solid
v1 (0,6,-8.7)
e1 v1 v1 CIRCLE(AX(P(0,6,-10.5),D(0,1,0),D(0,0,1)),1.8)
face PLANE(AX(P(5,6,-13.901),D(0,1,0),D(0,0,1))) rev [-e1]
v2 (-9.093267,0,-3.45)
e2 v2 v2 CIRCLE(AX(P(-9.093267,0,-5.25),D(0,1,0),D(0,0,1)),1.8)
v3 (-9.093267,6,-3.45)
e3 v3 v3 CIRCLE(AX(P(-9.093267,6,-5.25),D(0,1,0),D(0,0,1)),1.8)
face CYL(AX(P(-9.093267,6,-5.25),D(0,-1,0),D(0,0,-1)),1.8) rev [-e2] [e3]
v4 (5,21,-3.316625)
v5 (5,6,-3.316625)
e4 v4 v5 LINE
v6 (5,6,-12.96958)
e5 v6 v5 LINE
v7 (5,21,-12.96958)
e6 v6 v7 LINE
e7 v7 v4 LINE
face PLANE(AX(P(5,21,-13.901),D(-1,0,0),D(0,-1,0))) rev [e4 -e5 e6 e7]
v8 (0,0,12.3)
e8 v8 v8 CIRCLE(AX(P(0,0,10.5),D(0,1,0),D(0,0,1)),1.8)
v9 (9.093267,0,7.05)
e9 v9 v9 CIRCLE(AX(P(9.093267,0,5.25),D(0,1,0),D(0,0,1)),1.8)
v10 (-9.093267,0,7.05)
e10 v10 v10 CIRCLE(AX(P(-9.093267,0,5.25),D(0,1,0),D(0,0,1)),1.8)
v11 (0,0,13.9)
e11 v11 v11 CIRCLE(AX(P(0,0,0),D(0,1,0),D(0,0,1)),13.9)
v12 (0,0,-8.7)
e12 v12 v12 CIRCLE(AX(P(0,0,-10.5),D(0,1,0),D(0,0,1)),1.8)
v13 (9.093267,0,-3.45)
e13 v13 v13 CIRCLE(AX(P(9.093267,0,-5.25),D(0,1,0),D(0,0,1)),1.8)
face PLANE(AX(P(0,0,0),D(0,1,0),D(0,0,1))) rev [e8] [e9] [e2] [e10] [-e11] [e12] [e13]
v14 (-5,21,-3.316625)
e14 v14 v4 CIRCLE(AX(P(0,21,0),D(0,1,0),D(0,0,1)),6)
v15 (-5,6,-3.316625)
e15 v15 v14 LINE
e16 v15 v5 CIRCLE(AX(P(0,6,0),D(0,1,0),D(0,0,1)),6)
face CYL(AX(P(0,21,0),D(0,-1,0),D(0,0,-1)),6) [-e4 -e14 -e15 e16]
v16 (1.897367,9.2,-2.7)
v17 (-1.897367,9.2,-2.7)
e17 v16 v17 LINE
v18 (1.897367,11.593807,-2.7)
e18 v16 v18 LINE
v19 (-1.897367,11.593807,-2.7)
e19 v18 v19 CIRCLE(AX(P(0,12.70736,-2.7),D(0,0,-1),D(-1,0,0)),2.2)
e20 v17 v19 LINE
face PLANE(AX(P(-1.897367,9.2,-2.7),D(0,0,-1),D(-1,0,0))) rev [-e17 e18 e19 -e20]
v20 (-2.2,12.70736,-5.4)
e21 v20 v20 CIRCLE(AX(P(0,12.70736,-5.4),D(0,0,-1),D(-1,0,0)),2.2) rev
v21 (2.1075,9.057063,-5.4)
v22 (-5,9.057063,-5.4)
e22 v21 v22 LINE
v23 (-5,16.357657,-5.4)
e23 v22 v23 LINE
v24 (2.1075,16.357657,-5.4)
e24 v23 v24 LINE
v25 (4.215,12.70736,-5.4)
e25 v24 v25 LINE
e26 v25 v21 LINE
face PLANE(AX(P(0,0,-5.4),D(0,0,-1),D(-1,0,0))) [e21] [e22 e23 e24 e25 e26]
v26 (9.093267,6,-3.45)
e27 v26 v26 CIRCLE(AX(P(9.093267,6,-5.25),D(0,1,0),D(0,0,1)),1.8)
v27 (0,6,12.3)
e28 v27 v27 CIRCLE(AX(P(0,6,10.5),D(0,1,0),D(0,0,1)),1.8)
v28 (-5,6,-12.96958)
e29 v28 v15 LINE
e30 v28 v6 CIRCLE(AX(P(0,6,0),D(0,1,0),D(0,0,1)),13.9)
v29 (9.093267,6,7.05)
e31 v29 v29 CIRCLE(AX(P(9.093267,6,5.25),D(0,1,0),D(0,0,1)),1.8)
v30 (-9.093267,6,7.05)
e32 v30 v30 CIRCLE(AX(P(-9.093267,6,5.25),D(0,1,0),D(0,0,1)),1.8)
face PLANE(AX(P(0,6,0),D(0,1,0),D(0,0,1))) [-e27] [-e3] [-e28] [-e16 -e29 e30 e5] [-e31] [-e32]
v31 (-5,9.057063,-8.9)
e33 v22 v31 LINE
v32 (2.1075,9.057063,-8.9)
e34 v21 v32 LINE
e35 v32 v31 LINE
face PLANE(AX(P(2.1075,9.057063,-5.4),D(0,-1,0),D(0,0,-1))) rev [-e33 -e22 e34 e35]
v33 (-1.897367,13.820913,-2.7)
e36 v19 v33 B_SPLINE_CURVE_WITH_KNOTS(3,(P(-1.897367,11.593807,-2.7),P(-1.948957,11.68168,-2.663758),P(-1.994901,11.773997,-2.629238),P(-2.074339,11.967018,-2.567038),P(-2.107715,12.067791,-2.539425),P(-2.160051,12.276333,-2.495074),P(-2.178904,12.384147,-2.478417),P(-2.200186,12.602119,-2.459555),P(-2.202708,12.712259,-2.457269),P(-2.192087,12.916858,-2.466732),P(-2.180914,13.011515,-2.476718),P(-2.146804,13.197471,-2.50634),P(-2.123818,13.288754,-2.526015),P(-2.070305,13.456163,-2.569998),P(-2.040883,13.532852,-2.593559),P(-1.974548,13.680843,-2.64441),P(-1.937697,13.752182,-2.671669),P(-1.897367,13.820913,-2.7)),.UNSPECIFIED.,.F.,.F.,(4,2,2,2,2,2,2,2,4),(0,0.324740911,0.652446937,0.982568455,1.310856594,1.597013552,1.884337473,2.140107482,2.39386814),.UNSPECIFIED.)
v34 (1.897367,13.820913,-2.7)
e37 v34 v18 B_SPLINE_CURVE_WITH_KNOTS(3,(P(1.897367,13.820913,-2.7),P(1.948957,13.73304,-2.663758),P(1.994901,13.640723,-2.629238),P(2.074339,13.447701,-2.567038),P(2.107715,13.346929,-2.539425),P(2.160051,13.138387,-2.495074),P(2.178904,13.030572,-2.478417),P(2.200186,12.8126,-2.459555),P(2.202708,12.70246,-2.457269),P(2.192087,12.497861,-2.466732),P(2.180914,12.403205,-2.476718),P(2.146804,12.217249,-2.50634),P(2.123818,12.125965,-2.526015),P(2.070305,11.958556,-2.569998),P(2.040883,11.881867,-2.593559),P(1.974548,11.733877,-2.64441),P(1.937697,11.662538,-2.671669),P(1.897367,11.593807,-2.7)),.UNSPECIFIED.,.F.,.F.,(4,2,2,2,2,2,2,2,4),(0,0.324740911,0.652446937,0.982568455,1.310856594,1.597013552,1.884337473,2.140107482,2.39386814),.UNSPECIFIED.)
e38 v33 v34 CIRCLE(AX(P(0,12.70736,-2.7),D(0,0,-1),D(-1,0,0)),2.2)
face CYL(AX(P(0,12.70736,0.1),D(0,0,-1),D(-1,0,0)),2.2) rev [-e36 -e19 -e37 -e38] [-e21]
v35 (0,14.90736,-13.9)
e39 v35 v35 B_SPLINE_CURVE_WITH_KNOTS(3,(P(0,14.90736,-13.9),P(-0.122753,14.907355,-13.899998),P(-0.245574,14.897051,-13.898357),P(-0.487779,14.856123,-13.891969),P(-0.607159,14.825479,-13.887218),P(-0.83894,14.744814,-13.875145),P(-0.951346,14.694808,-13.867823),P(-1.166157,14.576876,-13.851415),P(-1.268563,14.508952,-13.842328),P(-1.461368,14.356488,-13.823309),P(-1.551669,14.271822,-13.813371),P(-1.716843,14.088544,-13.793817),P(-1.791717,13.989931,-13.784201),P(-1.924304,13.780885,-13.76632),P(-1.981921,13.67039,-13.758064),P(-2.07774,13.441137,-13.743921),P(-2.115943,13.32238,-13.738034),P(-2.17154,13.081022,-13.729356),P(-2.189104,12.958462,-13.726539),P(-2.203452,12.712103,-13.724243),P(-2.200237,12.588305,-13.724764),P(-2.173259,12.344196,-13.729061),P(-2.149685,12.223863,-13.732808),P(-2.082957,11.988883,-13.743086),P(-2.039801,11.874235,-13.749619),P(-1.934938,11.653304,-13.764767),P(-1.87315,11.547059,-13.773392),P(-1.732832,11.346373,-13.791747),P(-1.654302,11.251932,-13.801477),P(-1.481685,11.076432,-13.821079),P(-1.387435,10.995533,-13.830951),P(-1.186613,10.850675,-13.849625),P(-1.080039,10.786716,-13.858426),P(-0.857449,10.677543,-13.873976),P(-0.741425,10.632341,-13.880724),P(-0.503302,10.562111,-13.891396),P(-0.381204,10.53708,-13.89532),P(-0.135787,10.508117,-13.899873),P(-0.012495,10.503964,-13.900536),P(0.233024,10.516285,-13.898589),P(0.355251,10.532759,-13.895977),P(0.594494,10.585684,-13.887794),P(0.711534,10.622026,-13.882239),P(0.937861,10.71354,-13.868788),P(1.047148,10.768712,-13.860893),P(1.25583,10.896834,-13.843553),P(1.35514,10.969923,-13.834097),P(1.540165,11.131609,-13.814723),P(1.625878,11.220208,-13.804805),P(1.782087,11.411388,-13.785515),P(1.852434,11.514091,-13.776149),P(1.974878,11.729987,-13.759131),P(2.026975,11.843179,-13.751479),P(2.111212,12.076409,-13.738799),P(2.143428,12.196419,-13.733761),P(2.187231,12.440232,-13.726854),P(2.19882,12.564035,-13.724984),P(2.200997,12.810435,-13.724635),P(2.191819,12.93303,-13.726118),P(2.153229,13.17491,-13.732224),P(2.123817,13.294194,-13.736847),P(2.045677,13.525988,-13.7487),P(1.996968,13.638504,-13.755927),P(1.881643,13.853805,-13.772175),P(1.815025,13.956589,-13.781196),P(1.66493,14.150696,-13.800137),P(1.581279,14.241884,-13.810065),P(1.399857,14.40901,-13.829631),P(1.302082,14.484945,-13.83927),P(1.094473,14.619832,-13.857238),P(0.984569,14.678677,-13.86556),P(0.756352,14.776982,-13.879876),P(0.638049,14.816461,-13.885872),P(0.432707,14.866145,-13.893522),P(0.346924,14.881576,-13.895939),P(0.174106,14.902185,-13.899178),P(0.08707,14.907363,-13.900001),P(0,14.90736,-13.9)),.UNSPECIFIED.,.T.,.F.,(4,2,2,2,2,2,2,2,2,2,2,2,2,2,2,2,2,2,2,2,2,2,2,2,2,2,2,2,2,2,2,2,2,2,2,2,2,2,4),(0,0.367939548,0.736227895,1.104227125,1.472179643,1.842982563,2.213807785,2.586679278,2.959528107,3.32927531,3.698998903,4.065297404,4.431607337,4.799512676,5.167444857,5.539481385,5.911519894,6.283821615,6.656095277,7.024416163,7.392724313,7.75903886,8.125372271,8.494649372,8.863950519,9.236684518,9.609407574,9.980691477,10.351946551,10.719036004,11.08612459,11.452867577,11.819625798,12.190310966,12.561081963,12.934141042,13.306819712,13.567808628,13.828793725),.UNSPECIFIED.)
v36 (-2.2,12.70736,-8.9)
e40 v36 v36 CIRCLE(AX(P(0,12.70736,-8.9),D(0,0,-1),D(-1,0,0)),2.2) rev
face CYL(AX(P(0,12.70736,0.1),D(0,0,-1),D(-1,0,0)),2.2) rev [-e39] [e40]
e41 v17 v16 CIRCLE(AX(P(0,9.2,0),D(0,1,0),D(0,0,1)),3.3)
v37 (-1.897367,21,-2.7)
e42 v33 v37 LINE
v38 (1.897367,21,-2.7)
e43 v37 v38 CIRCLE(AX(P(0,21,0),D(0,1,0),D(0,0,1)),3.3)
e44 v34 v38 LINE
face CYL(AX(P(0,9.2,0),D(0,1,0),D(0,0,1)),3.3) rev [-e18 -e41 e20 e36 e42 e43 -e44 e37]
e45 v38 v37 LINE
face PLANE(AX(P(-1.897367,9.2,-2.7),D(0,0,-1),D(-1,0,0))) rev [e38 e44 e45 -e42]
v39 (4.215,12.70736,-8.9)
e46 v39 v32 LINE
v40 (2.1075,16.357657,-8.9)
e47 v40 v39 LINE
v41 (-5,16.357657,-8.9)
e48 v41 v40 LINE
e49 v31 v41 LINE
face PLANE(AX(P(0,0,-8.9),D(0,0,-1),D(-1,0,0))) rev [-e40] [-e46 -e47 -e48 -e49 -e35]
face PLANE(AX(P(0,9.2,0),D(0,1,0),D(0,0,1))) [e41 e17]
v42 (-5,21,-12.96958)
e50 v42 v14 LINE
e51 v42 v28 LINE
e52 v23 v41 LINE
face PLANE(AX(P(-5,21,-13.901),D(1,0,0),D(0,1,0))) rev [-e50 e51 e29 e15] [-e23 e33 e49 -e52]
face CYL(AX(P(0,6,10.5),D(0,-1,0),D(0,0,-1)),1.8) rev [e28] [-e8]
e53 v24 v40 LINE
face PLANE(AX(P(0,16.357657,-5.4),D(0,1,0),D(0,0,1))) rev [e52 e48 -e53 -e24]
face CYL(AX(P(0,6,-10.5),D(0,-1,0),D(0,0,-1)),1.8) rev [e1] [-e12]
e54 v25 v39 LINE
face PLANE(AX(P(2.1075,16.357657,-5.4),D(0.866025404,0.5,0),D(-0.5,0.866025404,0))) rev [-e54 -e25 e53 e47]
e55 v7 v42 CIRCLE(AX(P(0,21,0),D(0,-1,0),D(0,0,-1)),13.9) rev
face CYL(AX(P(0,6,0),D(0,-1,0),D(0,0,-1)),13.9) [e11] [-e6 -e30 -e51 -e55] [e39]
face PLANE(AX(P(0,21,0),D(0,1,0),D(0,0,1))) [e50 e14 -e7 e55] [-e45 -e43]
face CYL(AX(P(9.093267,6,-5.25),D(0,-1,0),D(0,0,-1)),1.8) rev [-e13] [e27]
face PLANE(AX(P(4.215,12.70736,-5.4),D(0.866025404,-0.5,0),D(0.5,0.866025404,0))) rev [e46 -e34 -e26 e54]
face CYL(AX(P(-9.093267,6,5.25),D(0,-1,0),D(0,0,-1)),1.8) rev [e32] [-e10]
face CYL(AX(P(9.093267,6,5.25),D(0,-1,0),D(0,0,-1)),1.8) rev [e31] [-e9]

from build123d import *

# Parameters (mm, degrees)
ESQUISSE3_R             = 13.9
ESQUISSE3_R_2           = 1.8
BOSS_EXTRU_1_DEPTH      = 6
ESQUISSE5_R             = 6
BOSS_EXTRU_2_DEPTH      = 15
ENL_V_MAT_EXTRU_2_DEPTH = 11.8
BOSS_EXTRU_3_REACH      = 37.097
BOSS_EXTRU_3_END_RADIUS = 13.9
BOSS_EXTRU_3_START      = -3
ESQUISSE7_W             = 10
ESQUISSE7_H             = 15
ESQUISSE11_R            = 2.2
ENL_V_MAT_EXTRU_3_DEPTH = 14
ENL_V_START             = -5
ENL_V_MAT_EXTRU_4_DEPTH = 3.5


with BuildPart() as part:
    # Esquisse3 → Boss.-Extru.1 (new body)
    with BuildSketch(Plane(origin=(0, 0, 0), x_dir=(1, 0, 0), z_dir=(0, 1, 0))):
        with Locations(Location((0, 0, 0), (0, 0, 270))):
            Circle(ESQUISSE3_R)
        with Locations(Location((0, 10.5, 0), (0, 0, 270))):
            Circle(ESQUISSE3_R_2, mode=Mode.SUBTRACT)
        with Locations(Location((9.09326674, 5.25, 0), (0, 0, 270))):
            Circle(ESQUISSE3_R_2, mode=Mode.SUBTRACT)
        with Locations(Location((9.09326674, -5.25, 0), (0, 0, 270))):
            Circle(ESQUISSE3_R_2, mode=Mode.SUBTRACT)
        with Locations(Location((0, -10.5, 0), (0, 0, 270))):
            Circle(ESQUISSE3_R_2, mode=Mode.SUBTRACT)
        with Locations(Location((-9.09326674, -5.25, 0), (0, 0, 270))):
            Circle(ESQUISSE3_R_2, mode=Mode.SUBTRACT)
        with Locations(Location((-9.09326674, 5.25, 0), (0, 0, 270))):
            Circle(ESQUISSE3_R_2, mode=Mode.SUBTRACT)
    extrude(amount=BOSS_EXTRU_1_DEPTH)

    # Esquisse5 → Boss.-Extru.2 (add)
    with BuildSketch(Plane(origin=(0, 6, 0), x_dir=(1, 0, 0), z_dir=(0, 1, 0))):
        with Locations(Location((0, 0, 0), (0, 0, 270))):
            Circle(ESQUISSE5_R)
    extrude(amount=BOSS_EXTRU_2_DEPTH)

    # Esquisse6 → Enlèv. mat.-Extru.2 (cut)
    with BuildSketch(Plane(origin=(0, 21, 0), x_dir=(1, 0, 0), z_dir=(0, 1, 0))):
        with BuildLine():
            Line((-1.897366596, 2.7), (1.897366596, 2.7))
            ThreePointArc((1.897366596, 2.7), (0, -3.3), (-1.897366596, 2.7))
        make_face()
    extrude(amount=-ENL_V_MAT_EXTRU_2_DEPTH, mode=Mode.SUBTRACT)

    # Boss.-Extru.3: up to this cylinder (the profile starts inside it)
    boss_extru_3_end = Plane(origin=(0, 13.5, 0), z_dir=(0, -1, 0)) * Cylinder(BOSS_EXTRU_3_END_RADIUS, 102.994, mode=Mode.PRIVATE)
    # Esquisse7 → Boss.-Extru.3 (add, up to the surface)
    with BuildSketch(Plane(origin=(0, 0, -6), x_dir=(-1, 0, 0), z_dir=(0, 0, -1)).offset(BOSS_EXTRU_3_START), mode=Mode.PRIVATE) as boss_extru_3_sk1:
        with Locations((0, 13.5)):
            Rectangle(ESQUISSE7_W, ESQUISSE7_H)
    boss_extru_3_tool1 = extrude(boss_extru_3_sk1.sketch, amount=BOSS_EXTRU_3_REACH, mode=Mode.PRIVATE) & boss_extru_3_end
    add(boss_extru_3_tool1.solids().sort_by_distance((0, 13.5, -3))[0])

    # Esquisse11 → Enlèv. mat.-Extru.3 (cut)
    with BuildSketch(Plane(origin=(0, 0, -13.9), x_dir=(-1, 0, 0), z_dir=(0, 0, -1))):
        with Locations(Location((0, 12.707359669, 0), (0, 0, 329.591587588))):
            Circle(ESQUISSE11_R)
    extrude(amount=-ENL_V_MAT_EXTRU_3_DEPTH, mode=Mode.SUBTRACT)

    # Esquisse12 → Enlèv. mat.-Extru.4 (cut)
    with BuildSketch(Plane(origin=(0, 0, -13.9), x_dir=(-1, 0, 0), z_dir=(0, 0, -1)).offset(ENL_V_START)):
        Polygon((0, 16.357656746), (-2.1075, 16.357656746), (-4.215, 12.707359669), (-2.1075, 9.057062592), (2.1075, 9.057062592), (5, 9.057062592), (5, 16.357656746), align=None)
    extrude(amount=-ENL_V_MAT_EXTRU_4_DEPTH, mode=Mode.SUBTRACT)


solid = part.part
